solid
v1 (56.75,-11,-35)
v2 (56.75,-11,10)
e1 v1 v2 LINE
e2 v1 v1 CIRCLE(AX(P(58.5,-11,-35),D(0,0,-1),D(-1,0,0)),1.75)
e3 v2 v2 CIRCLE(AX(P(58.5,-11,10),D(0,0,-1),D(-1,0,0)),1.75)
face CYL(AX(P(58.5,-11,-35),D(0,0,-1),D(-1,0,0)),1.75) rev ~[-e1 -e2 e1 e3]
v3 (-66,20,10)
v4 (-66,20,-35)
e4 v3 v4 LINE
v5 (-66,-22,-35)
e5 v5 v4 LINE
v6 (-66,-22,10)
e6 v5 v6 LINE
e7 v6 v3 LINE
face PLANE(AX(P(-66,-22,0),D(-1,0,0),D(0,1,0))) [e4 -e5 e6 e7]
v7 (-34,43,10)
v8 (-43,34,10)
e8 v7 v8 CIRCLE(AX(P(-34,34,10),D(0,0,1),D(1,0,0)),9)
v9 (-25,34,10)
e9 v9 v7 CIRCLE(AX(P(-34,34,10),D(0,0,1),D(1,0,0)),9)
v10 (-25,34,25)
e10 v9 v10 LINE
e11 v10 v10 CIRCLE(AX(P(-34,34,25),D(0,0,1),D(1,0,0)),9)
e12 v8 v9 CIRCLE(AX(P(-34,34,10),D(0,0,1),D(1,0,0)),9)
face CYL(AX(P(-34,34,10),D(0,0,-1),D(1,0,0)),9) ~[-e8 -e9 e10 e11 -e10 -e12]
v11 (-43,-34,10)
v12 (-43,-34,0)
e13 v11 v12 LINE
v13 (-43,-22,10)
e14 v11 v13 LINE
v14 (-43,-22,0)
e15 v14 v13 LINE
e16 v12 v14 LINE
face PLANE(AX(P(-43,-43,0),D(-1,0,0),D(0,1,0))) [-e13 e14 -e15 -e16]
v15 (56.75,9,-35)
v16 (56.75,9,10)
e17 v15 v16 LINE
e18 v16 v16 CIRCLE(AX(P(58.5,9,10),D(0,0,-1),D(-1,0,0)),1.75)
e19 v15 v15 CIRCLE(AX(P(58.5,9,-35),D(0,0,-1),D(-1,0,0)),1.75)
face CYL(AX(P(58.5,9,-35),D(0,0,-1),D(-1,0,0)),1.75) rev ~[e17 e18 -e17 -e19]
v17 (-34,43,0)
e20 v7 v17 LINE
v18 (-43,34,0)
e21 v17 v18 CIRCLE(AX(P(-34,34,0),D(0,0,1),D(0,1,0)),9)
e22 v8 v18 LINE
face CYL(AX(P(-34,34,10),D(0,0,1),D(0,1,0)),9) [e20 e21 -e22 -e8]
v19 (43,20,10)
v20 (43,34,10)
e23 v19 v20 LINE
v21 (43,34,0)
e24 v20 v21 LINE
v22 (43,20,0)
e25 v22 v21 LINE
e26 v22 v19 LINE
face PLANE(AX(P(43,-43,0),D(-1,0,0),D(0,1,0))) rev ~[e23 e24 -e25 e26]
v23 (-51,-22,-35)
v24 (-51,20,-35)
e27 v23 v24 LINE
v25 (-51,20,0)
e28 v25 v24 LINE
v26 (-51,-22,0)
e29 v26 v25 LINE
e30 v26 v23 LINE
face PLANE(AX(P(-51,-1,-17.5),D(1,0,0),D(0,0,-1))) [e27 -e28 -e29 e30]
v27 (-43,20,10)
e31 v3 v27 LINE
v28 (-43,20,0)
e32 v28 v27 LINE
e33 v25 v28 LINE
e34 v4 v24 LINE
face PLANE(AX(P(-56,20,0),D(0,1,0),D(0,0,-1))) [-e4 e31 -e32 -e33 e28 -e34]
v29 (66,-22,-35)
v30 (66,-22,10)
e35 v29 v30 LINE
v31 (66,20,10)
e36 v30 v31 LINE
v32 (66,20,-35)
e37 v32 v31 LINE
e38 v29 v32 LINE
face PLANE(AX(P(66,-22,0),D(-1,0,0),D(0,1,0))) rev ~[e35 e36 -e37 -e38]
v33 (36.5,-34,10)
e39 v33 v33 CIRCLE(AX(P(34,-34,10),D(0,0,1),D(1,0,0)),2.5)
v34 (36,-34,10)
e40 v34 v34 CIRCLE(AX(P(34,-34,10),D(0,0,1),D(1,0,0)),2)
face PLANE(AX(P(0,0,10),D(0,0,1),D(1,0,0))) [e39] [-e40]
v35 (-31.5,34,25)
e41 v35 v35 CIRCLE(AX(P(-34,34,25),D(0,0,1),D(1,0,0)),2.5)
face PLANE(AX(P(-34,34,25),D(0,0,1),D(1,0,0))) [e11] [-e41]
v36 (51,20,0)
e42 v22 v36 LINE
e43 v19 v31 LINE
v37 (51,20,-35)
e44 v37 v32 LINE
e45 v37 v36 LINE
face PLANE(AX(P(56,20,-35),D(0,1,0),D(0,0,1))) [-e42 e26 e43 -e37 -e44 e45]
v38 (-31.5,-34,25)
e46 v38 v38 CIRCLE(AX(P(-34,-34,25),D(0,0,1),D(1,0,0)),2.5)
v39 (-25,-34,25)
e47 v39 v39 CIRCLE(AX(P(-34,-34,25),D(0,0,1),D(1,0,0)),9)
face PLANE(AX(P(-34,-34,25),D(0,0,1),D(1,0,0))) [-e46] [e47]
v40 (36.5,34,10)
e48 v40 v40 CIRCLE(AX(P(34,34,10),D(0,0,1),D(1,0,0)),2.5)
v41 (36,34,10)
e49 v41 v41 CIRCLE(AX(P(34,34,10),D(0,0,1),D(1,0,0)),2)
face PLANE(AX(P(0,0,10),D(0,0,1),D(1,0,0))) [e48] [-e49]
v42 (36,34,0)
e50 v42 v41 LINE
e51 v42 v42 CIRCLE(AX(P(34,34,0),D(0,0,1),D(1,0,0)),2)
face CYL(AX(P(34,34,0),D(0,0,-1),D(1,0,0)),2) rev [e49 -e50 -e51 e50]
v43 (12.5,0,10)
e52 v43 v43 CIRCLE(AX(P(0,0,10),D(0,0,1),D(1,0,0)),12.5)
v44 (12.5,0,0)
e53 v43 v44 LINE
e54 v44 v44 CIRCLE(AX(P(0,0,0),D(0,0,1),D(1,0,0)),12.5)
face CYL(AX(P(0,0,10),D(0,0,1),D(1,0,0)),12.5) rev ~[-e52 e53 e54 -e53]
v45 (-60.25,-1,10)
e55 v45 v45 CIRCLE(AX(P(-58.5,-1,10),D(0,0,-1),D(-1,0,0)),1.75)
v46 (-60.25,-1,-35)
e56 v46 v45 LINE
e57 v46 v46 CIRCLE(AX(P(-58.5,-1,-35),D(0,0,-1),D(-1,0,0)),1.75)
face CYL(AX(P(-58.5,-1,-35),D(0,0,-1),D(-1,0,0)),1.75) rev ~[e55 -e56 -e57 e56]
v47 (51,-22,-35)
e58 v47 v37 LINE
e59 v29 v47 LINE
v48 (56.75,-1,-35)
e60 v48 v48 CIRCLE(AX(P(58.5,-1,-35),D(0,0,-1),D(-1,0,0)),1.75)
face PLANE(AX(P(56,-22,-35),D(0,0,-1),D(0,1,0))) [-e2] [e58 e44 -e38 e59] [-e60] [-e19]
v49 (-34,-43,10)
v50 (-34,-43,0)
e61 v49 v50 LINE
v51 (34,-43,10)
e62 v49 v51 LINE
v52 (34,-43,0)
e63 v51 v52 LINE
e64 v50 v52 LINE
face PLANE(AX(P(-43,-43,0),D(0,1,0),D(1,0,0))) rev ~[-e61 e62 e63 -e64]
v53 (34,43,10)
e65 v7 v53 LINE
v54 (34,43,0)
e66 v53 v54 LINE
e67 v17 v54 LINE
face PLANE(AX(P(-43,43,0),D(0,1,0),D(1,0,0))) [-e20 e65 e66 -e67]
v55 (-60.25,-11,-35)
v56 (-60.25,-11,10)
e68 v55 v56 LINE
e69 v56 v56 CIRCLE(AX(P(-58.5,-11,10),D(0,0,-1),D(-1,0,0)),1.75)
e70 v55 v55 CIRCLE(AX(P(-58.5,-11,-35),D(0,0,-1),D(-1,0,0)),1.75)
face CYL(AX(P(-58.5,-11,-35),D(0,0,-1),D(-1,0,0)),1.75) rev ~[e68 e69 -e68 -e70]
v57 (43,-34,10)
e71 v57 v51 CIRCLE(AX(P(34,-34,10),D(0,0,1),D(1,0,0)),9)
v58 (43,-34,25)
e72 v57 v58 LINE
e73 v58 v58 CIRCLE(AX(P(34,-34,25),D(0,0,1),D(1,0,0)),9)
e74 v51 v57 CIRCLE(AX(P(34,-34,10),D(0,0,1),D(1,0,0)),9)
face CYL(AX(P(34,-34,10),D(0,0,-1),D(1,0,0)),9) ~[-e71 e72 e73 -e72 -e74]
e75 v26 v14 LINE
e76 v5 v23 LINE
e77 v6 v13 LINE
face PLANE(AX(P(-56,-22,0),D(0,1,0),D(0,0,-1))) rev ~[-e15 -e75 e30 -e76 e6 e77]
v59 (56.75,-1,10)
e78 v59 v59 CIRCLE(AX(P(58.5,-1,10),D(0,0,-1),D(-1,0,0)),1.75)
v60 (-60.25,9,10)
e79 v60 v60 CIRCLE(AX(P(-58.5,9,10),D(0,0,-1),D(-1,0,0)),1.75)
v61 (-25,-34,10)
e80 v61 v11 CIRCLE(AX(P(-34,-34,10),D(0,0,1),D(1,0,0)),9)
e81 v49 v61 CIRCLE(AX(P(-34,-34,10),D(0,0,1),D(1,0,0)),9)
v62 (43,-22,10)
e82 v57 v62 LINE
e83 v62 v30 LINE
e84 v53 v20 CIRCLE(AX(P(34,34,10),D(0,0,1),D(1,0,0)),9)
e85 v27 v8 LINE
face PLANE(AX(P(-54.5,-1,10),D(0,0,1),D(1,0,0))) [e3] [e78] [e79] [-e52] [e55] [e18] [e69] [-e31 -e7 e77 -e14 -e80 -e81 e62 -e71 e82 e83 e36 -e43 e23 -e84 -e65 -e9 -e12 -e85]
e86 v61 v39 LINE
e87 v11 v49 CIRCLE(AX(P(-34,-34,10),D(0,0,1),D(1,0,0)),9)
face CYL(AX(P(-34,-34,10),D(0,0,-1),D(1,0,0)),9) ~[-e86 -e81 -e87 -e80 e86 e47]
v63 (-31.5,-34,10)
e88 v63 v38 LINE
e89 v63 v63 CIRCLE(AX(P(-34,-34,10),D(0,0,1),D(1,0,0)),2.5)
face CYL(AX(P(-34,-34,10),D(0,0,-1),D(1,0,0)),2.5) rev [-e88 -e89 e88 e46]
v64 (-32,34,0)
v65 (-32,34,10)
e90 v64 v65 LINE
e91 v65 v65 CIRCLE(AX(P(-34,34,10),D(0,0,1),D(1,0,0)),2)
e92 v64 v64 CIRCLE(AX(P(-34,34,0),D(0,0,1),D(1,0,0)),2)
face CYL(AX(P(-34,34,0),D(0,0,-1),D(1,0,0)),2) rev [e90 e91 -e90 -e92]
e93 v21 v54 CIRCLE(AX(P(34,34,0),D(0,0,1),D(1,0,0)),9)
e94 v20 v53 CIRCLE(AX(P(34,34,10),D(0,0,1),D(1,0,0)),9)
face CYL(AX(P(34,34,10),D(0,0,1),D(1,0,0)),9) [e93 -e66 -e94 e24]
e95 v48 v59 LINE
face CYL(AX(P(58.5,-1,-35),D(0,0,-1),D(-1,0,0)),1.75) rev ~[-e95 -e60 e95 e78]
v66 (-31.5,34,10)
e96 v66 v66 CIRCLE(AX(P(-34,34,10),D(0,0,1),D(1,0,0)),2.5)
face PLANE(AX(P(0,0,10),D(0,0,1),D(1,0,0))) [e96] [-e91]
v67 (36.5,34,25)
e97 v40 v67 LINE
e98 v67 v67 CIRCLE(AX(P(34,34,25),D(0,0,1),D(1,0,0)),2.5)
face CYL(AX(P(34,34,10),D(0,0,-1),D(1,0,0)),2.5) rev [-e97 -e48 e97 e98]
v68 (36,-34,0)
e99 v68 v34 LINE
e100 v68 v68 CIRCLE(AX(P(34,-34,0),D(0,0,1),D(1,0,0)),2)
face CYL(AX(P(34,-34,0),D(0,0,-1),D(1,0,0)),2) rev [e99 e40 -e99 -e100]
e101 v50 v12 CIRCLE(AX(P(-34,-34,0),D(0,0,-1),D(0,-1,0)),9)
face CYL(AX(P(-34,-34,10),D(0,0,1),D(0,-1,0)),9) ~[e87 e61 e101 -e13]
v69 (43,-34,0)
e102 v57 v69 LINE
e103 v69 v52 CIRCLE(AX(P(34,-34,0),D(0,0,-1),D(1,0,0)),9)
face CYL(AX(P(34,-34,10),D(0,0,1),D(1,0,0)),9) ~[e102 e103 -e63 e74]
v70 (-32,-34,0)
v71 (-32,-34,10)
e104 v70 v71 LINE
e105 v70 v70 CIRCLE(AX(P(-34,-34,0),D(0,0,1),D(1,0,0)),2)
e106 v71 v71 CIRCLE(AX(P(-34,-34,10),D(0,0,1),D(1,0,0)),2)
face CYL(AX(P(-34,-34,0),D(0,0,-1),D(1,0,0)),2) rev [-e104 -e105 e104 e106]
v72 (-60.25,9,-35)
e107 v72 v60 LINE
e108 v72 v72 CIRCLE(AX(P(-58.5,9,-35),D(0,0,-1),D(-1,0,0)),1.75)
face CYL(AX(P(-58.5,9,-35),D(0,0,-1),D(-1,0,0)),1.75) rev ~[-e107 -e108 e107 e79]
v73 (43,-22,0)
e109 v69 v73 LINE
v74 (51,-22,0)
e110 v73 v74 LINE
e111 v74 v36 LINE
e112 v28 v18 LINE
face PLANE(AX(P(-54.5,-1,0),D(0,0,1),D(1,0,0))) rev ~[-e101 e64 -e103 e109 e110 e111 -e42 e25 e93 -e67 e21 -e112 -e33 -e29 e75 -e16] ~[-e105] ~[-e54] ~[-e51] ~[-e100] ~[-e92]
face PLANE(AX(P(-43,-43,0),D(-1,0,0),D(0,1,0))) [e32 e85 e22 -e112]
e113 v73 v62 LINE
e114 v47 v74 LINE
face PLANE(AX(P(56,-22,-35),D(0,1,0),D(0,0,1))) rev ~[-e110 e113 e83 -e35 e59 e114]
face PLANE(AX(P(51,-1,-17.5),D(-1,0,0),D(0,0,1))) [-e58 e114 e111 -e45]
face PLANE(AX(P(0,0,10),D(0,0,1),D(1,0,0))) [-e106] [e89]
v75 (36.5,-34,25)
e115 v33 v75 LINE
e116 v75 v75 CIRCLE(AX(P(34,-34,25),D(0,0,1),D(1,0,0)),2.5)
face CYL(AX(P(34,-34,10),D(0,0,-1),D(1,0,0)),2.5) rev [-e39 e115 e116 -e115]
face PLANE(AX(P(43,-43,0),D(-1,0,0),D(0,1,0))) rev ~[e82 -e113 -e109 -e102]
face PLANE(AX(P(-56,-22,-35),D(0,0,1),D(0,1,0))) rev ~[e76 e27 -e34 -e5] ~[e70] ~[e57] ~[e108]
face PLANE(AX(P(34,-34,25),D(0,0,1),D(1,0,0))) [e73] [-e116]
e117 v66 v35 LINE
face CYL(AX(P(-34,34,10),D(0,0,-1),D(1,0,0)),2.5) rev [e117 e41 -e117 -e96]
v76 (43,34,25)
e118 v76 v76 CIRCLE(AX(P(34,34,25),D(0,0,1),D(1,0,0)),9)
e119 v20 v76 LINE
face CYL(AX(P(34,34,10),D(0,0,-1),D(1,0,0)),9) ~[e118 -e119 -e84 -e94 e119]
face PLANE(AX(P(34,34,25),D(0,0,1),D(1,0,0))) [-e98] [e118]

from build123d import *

# Parameters (mm, degrees)
SKETCH_1_W          = 86
SKETCH_1_H          = 86
SKETCH_1_R          = 2
EXTRUDE_1_DEPTH     = 10
FILLET_1_R          = 5
SKETCH_2_R          = 9
SKETCH_2_R_2        = 2.5
EXTRUDE_2_DEPTH     = 15
SKETCH_3_R          = 12.5
CUT_EXTRUDE_1_DEPTH = 16
SKETCH_8_W          = 10
SKETCH_8_H          = 42
EXTRUDE_7_DEPTH     = 35
EXTRUDE_7_2_DEPTH   = 35
SKETCH_9_W          = 23
SKETCH_9_H          = 42
EXTRUDE_8_DEPTH     = 10
CUT_EXTRUDE_2_DEPTH = 10
SKETCH_11_W         = 35
SKETCH_11_H         = 42
EXTRUDE_9_DEPTH     = 5
SKETCH_12_W         = 35
SKETCH_12_H         = 42
EXTRUDE_10_DEPTH    = 5
SKETCH_13_R         = 1.75
CUT_EXTRUDE_3_DEPTH = 45


with BuildPart() as part:
    # 草图1 → 凸台-拉伸1 (new body)
    with BuildSketch(Plane.XY):
        Rectangle(SKETCH_1_W, SKETCH_1_H)
        with Locations((-34, 34)):
            Circle(SKETCH_1_R, mode=Mode.SUBTRACT)
        with Locations((34, 34)):
            Circle(SKETCH_1_R, mode=Mode.SUBTRACT)
        with Locations((34, -34)):
            Circle(SKETCH_1_R, mode=Mode.SUBTRACT)
        with Locations((-34, -34)):
            Circle(SKETCH_1_R, mode=Mode.SUBTRACT)
    extrude(amount=EXTRUDE_1_DEPTH)

    # 圆角1
    fillet_1_edges = [part.edges().sort_by_distance(p)[0] for p in [
        (-43, 43, 5),
        (43, 43, 5),
        (43, -43, 5),
        (-43, -43, 5),
    ]]
    fillet(fillet_1_edges, radius=FILLET_1_R)

    # 草图2 → 凸台-拉伸2 (add)
    with BuildSketch(Plane.XY.offset(10)):
        with Locations((-34, 34)):
            Circle(SKETCH_2_R)
        with Locations((-34, 34)):
            Circle(SKETCH_2_R_2, mode=Mode.SUBTRACT)
        with Locations((34, 34)):
            Circle(SKETCH_2_R)
        with Locations((34, 34)):
            Circle(SKETCH_2_R_2, mode=Mode.SUBTRACT)
        with Locations((34, -34)):
            Circle(SKETCH_2_R)
        with Locations((34, -34)):
            Circle(SKETCH_2_R_2, mode=Mode.SUBTRACT)
        with Locations((-34, -34)):
            Circle(SKETCH_2_R)
        with Locations((-34, -34)):
            Circle(SKETCH_2_R_2, mode=Mode.SUBTRACT)
    extrude(amount=EXTRUDE_2_DEPTH)

    # 草图3 → 切除-拉伸1 (cut)
    with BuildSketch(Plane.XY.offset(10)):
        Circle(SKETCH_3_R)
    extrude(amount=-CUT_EXTRUDE_1_DEPTH, mode=Mode.SUBTRACT)



with BuildPart() as body_2:
    # 草图8 → 凸台-拉伸7 (new body)
    with BuildSketch(Plane(origin=(0, 0, 0), x_dir=(-1, 0, 0), z_dir=(0, 0, -1))):
        with Locations((-61, -1)):
            Rectangle(SKETCH_8_W, SKETCH_8_H)
    extrude(amount=EXTRUDE_7_DEPTH)


with BuildPart() as body_3:
    # 草图8 → Extrude 7 2 (new body)
    with BuildSketch(Plane(origin=(0, 0, 0), x_dir=(-1, 0, 0), z_dir=(0, 0, -1))):
        with Locations((61, -1)):
            Rectangle(SKETCH_8_W, SKETCH_8_H)
    extrude(amount=EXTRUDE_7_2_DEPTH)


with BuildPart() as part_1:
    add(part.part)

    add(body_2.part)  # 凸台-拉伸8 merges body 2

    add(body_3.part)  # 凸台-拉伸8 merges body 3
    # 草图9 → 凸台-拉伸8 (add)
    with BuildSketch(Plane.XY):
        with Locations((-54.5, -1)):
            Rectangle(SKETCH_9_W, SKETCH_9_H)
        with Locations((54.5, -1)):
            Rectangle(SKETCH_9_W, SKETCH_9_H)
    extrude(amount=EXTRUDE_8_DEPTH)

    # 草图10 → 切除-拉伸2 (cut)
    with BuildSketch(Plane.XY.offset(10)):
        with BuildLine():
            Line((34, 43), (43, 43))
            Line((43, 43), (43, 34))
            ThreePointArc((43, 34), (40.363961031, 40.363961031), (34, 43))
        make_face()
        with BuildLine():
            Line((-43, 43), (-34, 43))
            ThreePointArc((-34, 43), (-40.363961031, 40.363961031), (-43, 34))
            Line((-43, 34), (-43, 43))
        make_face()
        with BuildLine():
            Line((-43, -43), (-34, -43))
            ThreePointArc((-34, -43), (-40.363961031, -40.363961031), (-43, -34))
            Line((-43, -34), (-43, -43))
        make_face()
        with BuildLine():
            Line((34, -43), (43, -43))
            Line((43, -43), (43, -34))
            ThreePointArc((43, -34), (40.363961031, -40.363961031), (34, -43))
        make_face()
    extrude(amount=-CUT_EXTRUDE_2_DEPTH, mode=Mode.SUBTRACT)

    # 草图11 → 凸台-拉伸9 (add)
    with BuildSketch(Plane.ZY.offset(-56)):
        with Locations((-17.5, -1)):
            Rectangle(SKETCH_11_W, SKETCH_11_H)
    extrude(amount=EXTRUDE_9_DEPTH)

    # 草图12 → 凸台-拉伸10 (add)
    with BuildSketch(Plane(origin=(-56, 0, 0), x_dir=(0, 0, -1), z_dir=(1, 0, 0))):
        with Locations((17.5, -1)):
            Rectangle(SKETCH_12_W, SKETCH_12_H)
    extrude(amount=EXTRUDE_10_DEPTH)

    # 草图13 → 切除-拉伸3 (cut)
    with BuildSketch(Plane(origin=(0, 0, -35), x_dir=(-1, 0, 0), z_dir=(0, 0, -1))):
        with Locations((58.5, 9)):
            Circle(SKETCH_13_R)
        with Locations((58.5, -1)):
            Circle(SKETCH_13_R)
        with Locations((58.5, -11)):
            Circle(SKETCH_13_R)
        with Locations((-58.5, -11)):
            Circle(SKETCH_13_R)
        with Locations((-58.5, -1)):
            Circle(SKETCH_13_R)
        with Locations((-58.5, 9)):
            Circle(SKETCH_13_R)
    extrude(amount=-CUT_EXTRUDE_3_DEPTH, mode=Mode.SUBTRACT)


solid = part_1.part
